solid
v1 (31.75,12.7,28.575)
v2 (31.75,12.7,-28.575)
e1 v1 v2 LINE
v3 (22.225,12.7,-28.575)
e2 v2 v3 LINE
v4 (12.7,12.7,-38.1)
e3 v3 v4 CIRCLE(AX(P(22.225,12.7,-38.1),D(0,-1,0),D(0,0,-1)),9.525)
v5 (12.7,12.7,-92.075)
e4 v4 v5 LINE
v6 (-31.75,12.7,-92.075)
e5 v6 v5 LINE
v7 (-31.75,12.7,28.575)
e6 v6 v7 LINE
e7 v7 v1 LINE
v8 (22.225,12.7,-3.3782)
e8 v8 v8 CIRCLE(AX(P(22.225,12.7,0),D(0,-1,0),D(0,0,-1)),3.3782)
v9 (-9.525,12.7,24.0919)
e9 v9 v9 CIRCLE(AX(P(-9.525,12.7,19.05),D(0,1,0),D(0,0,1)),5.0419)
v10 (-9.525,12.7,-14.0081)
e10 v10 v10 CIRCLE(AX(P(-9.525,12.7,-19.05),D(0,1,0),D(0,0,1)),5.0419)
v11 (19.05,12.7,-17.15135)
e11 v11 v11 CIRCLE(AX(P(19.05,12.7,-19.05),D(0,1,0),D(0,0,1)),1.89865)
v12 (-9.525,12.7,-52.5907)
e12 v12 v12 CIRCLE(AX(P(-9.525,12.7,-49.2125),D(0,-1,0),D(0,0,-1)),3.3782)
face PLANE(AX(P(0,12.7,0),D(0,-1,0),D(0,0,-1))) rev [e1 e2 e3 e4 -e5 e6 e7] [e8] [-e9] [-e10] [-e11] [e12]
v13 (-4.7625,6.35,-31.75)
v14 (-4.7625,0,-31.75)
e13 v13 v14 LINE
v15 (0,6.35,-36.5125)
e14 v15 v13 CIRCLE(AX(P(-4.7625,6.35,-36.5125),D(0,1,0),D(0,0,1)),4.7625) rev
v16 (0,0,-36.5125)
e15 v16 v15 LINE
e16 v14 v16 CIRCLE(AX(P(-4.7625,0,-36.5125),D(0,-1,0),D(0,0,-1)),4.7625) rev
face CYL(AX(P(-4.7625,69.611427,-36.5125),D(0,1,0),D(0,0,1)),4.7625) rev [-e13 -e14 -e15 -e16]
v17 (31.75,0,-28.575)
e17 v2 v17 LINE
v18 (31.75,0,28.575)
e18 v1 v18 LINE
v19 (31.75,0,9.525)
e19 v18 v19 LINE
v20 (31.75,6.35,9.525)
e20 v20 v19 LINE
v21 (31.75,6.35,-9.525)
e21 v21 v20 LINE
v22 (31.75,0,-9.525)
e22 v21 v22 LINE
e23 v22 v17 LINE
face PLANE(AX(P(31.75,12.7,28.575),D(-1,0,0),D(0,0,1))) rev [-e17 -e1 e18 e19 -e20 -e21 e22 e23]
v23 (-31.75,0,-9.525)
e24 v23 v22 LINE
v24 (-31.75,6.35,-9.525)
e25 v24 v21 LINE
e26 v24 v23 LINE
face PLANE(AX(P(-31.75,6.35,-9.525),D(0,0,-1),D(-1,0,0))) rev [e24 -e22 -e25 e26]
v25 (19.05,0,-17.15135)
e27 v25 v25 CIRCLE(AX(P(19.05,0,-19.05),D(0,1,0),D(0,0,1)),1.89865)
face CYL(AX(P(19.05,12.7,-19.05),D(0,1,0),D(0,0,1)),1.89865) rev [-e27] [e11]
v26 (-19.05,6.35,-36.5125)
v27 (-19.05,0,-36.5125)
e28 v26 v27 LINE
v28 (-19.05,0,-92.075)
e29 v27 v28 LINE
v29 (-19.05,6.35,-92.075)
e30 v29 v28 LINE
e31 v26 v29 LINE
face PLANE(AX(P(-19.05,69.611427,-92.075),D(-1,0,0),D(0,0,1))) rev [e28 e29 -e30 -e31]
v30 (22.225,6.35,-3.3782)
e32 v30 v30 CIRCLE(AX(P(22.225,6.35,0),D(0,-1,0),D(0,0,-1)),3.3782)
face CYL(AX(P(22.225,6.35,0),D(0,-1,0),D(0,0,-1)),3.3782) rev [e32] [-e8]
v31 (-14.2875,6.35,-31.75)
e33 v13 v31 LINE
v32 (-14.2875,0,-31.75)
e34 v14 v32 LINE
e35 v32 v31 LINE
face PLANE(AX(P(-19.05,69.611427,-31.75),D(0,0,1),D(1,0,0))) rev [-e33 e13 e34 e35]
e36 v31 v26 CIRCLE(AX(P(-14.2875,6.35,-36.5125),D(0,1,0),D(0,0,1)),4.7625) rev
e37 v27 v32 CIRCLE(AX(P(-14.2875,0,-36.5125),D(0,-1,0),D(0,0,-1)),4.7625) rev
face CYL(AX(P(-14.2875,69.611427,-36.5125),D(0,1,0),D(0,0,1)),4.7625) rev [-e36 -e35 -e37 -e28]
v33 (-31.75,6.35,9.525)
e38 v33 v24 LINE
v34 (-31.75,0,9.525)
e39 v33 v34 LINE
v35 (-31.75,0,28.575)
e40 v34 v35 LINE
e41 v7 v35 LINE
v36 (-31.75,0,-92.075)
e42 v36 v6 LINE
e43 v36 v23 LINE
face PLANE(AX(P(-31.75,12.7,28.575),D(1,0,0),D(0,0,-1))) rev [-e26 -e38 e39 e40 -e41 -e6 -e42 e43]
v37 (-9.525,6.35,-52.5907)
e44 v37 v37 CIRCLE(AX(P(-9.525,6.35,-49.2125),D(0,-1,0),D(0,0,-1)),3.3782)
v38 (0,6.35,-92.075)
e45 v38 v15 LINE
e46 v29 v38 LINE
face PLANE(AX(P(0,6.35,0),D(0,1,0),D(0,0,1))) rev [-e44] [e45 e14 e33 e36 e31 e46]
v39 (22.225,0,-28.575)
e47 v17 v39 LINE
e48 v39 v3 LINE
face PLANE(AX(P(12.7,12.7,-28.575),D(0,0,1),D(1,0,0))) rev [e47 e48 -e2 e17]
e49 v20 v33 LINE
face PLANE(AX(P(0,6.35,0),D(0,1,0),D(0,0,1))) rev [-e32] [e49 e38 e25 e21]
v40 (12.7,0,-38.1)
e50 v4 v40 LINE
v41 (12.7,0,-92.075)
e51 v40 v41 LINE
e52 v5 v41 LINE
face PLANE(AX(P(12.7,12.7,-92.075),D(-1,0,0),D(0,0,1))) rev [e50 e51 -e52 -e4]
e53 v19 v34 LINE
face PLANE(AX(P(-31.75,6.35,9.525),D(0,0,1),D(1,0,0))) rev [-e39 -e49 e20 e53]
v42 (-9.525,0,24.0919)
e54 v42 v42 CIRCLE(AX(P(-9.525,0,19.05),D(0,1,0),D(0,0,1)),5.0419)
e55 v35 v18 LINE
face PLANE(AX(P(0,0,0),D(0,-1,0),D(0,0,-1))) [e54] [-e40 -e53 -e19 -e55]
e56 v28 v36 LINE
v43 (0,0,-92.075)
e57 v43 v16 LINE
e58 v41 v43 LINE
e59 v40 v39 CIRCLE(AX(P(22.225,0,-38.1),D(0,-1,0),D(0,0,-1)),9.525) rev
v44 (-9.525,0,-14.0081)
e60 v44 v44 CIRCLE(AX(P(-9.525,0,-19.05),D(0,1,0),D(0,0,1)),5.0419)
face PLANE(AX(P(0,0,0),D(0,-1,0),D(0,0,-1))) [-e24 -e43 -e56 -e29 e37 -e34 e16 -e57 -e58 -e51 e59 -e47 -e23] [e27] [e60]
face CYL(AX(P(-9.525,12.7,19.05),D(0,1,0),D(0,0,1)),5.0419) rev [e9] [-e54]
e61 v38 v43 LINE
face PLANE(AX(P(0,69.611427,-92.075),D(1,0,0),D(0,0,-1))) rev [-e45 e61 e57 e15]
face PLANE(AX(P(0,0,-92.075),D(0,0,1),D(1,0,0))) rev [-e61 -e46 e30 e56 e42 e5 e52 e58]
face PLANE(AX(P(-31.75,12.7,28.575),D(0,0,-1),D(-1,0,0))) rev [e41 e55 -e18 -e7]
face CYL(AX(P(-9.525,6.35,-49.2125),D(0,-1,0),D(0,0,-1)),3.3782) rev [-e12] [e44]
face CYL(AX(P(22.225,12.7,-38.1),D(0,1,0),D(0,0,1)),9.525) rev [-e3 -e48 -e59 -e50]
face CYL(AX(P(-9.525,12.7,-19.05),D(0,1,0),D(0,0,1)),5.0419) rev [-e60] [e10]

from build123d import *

# Parameters (mm, degrees)
SKETCH1_W               = 63.5
SKETCH1_H               = 57.15
BOSS_EXTRUDE1_DEPTH     = 12.7
SKETCH2_W               = 63.5
SKETCH2_H               = 19.05
CUT_EXTRUDE1_DEPTH      = 6.35
F_3_8_CLEARANCE_HOLE1_D = 10.0838
SKETCH10_W              = 63.5
SKETCH10_H              = 12.7
BOSS_EXTRUDE2_DEPTH     = 63.5
SKETCH11_W              = 19.05
SKETCH11_H              = 60.325
CUT_EXTRUDE3_DEPTH      = 6.35
FILLET1_R               = 4.7625
F_1_4_CLEARANCE_HOLE1_D = 6.7564
SKETCH13_W              = 19.05
SKETCH13_H              = 63.5
CUT_EXTRUDE5_DEPTH      = 99.219947694
FILLET2_R               = 9.525
F_10_24_TAPPED_HOLE1_D  = 3.7973


with BuildPart() as part:
    # Sketch1 → Boss-Extrude1 (new body)
    with BuildSketch(Plane(origin=(0, 0, 0), x_dir=(1, 0, 0), z_dir=(0, 1, 0))):
        Rectangle(SKETCH1_W, SKETCH1_H)
    extrude(amount=BOSS_EXTRUDE1_DEPTH)

    # Sketch2 → Cut-Extrude1 (cut)
    with BuildSketch(Plane.XZ):
        Rectangle(SKETCH2_W, SKETCH2_H)
    extrude(amount=-CUT_EXTRUDE1_DEPTH, mode=Mode.SUBTRACT)

    # 3/8 Clearance Hole1 (through all)
    with Locations(Plane(origin=(0, 12.7, 0), x_dir=(1, 0, 0), z_dir=(0, 1, 0))):
        with Locations((-9.525, 19.05), (-9.525, -19.05)):
            Hole(F_3_8_CLEARANCE_HOLE1_D / 2)

    # Sketch10 → Boss-Extrude2 (add)
    with BuildSketch(Plane(origin=(0, 0, -28.575), x_dir=(-1, 0, 0), z_dir=(0, 0, -1))):
        with Locations((0, 6.35)):
            Rectangle(SKETCH10_W, SKETCH10_H)
    extrude(amount=BOSS_EXTRUDE2_DEPTH)

    # Sketch11 → Cut-Extrude3 (cut)
    with BuildSketch(Plane.XZ):
        with Locations((-9.525, -61.9125)):
            Rectangle(SKETCH11_W, SKETCH11_H)
    extrude(amount=-CUT_EXTRUDE3_DEPTH, mode=Mode.SUBTRACT)

    # Fillet1
    fillet1_edges = [part.edges().sort_by_distance(p)[0] for p in [
        (0, 3.175, -31.75),
        (-19.05, 3.175, -31.75),
    ]]
    fillet(fillet1_edges, radius=FILLET1_R)

    # 1/4 Clearance Hole1 (through all)
    with Locations(Plane(origin=(0, 6.35, 0), x_dir=(-1, 0, 0), z_dir=(0, -1, 0))):
        with Locations((-22.225, 0), (9.525, 49.2125)):
            Hole(F_1_4_CLEARANCE_HOLE1_D / 2)

    # Sketch13 → Cut-Extrude5 (cut, through all)
    with BuildSketch(Plane.XZ):
        with Locations((22.225, -60.325)):
            Rectangle(SKETCH13_W, SKETCH13_H)
    extrude(amount=-CUT_EXTRUDE5_DEPTH, mode=Mode.SUBTRACT)

    # Fillet2
    fillet2_edges = [part.edges().sort_by_distance(p)[0] for p in [
        (12.7, 6.35, -28.575),
    ]]
    fillet(fillet2_edges, radius=FILLET2_R)

    # #10-24 Tapped Hole1 (through all)
    with Locations(Plane(origin=(0, 12.7, 0), x_dir=(1, 0, 0), z_dir=(0, 1, 0))):
        with Locations((19.05, 19.05)):
            Hole(F_10_24_TAPPED_HOLE1_D / 2)


solid = part.part
